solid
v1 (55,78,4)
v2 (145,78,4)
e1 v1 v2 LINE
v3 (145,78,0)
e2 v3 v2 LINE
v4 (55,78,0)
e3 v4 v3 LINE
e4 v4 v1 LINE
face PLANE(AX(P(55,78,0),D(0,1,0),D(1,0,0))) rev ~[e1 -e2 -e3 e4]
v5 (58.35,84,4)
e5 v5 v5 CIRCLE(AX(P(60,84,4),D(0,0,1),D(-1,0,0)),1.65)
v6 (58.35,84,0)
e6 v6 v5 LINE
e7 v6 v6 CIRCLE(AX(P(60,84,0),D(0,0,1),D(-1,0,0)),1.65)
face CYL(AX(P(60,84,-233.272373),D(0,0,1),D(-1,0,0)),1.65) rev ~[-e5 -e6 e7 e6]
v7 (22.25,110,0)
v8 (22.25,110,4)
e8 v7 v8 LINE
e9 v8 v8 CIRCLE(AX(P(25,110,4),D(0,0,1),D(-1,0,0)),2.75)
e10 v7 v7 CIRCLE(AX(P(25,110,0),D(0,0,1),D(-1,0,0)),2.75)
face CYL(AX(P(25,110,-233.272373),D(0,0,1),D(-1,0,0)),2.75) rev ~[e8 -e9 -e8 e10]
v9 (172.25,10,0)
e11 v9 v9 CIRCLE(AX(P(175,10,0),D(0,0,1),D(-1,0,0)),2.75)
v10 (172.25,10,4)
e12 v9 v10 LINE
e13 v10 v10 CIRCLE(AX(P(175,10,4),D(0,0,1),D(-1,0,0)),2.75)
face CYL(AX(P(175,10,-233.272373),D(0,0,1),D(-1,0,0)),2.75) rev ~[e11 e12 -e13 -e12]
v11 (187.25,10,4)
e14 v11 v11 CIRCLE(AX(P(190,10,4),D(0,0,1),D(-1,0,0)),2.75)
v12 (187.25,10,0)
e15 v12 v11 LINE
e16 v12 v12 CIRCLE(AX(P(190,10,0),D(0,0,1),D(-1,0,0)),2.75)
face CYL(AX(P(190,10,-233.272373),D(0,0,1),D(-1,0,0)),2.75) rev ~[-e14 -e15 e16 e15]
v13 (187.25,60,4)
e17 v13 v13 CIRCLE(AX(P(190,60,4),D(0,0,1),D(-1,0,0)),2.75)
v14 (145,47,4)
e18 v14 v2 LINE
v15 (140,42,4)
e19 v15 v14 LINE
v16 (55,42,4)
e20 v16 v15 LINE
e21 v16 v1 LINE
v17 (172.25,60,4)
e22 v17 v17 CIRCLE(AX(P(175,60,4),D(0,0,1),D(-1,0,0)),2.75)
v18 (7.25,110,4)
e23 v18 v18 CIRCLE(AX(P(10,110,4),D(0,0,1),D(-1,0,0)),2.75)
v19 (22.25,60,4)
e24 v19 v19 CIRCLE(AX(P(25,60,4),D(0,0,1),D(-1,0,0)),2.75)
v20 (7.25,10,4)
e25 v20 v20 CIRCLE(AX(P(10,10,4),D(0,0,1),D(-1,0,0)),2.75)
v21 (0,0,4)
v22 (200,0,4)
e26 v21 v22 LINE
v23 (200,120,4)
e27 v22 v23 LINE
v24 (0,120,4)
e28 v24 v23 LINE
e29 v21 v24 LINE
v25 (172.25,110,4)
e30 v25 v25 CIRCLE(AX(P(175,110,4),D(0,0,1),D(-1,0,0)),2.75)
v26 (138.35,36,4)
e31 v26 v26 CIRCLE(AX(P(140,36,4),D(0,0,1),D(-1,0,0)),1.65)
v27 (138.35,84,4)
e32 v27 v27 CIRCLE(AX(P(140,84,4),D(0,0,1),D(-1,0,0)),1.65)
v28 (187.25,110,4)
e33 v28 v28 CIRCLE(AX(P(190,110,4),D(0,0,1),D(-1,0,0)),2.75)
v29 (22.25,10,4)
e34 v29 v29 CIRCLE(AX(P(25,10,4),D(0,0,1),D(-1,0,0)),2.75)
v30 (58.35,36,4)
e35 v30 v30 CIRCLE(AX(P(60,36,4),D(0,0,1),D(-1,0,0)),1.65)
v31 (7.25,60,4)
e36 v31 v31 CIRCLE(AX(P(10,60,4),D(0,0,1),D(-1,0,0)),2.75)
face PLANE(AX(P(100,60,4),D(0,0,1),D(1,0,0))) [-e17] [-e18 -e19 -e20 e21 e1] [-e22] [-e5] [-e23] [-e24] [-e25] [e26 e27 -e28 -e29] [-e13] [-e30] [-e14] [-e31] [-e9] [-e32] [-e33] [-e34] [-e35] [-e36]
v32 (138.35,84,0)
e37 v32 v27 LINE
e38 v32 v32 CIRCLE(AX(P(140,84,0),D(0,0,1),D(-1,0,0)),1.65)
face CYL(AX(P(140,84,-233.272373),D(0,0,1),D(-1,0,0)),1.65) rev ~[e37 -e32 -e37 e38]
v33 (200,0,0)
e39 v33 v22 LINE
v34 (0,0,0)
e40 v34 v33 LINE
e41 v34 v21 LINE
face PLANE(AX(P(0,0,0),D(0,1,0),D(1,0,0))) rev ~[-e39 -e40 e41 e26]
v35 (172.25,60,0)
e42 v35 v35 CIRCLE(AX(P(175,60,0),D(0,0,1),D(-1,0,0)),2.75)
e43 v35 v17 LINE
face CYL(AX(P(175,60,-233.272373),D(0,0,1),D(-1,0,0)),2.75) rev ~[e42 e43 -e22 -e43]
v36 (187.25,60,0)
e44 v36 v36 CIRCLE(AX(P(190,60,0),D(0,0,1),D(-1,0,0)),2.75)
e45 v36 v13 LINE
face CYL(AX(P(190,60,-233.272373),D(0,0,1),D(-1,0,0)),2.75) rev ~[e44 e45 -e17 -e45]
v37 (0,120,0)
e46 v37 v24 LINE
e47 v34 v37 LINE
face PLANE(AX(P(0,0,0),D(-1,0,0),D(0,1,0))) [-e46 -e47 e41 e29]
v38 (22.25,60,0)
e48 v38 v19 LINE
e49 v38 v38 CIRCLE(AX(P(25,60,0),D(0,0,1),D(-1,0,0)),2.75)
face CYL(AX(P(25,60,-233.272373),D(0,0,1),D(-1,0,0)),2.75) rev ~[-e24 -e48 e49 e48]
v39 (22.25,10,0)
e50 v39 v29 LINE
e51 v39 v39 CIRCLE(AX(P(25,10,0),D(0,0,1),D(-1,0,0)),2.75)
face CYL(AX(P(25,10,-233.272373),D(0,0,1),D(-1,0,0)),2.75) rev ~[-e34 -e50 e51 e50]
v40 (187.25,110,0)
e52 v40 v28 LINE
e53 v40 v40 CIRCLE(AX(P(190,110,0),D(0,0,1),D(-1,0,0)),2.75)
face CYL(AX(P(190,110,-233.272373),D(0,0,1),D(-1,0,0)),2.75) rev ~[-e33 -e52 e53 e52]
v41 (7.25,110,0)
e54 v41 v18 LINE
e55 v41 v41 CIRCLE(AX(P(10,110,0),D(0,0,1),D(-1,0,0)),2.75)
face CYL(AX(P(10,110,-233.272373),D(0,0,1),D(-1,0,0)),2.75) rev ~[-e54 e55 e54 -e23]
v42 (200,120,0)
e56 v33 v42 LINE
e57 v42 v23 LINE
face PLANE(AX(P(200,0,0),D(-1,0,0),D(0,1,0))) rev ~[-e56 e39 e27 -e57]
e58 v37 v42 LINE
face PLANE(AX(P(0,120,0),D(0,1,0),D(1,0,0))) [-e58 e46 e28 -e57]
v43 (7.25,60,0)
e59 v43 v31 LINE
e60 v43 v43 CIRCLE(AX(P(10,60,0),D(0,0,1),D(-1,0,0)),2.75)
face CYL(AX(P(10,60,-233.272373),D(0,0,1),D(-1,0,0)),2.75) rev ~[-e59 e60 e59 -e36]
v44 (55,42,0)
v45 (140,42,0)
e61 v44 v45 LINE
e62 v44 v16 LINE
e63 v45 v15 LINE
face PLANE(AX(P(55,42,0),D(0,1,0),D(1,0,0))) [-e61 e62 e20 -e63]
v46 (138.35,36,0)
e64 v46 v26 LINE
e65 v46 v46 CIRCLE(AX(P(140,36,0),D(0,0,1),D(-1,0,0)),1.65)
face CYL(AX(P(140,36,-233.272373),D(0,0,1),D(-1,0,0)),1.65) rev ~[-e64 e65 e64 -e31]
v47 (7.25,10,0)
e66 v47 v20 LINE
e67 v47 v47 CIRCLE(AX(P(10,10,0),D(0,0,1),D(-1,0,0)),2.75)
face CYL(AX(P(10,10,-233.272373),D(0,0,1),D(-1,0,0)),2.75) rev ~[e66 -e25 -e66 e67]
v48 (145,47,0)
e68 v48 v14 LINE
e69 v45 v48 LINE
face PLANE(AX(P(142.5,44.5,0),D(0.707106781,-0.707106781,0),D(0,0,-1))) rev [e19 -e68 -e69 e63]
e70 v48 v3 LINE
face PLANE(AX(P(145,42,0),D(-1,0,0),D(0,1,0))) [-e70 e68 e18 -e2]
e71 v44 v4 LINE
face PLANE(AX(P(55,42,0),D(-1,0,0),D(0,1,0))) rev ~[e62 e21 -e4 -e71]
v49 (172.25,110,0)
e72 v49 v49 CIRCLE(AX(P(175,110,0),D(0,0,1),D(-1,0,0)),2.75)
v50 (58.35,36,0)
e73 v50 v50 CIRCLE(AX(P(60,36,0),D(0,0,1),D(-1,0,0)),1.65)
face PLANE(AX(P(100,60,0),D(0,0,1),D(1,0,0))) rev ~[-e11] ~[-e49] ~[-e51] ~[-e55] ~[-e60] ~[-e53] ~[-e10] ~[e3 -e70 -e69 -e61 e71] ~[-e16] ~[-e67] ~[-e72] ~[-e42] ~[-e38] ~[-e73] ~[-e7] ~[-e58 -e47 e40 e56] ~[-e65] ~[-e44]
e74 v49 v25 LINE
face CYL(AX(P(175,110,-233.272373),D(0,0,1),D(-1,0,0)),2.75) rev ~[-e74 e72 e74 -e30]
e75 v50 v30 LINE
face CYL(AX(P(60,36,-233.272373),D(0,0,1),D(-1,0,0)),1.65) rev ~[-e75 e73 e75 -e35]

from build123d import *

# Parameters (mm, degrees)
F1_W     = 200
F1_H     = 120
F2_DEPTH = 4
F3_W     = 90
F3_H     = 36
F4_DEPTH = 4
F5_SIZE  = 5
F7_D     = 3.3
F9_D     = 5.5


with BuildPart() as f2:
    # F1 (on Top) → F2 (new body)
    with BuildSketch(Plane.XY):
        with Locations((100, 60)):
            Rectangle(F1_W, F1_H)
    extrude(amount=F2_DEPTH)

    # F3 (on Top) → F4 (cut, through all)
    with BuildSketch(Plane.XY):
        with Locations((100, 60)):
            Rectangle(F3_W, F3_H)
    extrude(amount=F4_DEPTH, mode=Mode.SUBTRACT)

    # F5
    f5_edges = [f2.edges().sort_by_distance(p)[0] for p in [
        (145, 42, 2),
    ]]
    chamfer(f5_edges, length=F5_SIZE)

    # F7 (through all)
    with Locations(Plane(origin=(0, 0, 0), x_dir=(1, 0, 0), z_dir=(0, 0, -1))):
        with Locations((140, -84), (140, -36), (60, -36), (60, -84)):
            Hole(F7_D / 2)

    # F9 (through all)
    with Locations(Plane(origin=(0, 0, 0), x_dir=(1, 0, 0), z_dir=(0, 0, -1))):
        with Locations((25, -110), (25, -60), (25, -10), (175, -110), (175, -60), (175, -10), (10, -110), (10, -60), (10, -10), (190, -110), (190, -60), (190, -10)):
            Hole(F9_D / 2)


solid = f2.part
